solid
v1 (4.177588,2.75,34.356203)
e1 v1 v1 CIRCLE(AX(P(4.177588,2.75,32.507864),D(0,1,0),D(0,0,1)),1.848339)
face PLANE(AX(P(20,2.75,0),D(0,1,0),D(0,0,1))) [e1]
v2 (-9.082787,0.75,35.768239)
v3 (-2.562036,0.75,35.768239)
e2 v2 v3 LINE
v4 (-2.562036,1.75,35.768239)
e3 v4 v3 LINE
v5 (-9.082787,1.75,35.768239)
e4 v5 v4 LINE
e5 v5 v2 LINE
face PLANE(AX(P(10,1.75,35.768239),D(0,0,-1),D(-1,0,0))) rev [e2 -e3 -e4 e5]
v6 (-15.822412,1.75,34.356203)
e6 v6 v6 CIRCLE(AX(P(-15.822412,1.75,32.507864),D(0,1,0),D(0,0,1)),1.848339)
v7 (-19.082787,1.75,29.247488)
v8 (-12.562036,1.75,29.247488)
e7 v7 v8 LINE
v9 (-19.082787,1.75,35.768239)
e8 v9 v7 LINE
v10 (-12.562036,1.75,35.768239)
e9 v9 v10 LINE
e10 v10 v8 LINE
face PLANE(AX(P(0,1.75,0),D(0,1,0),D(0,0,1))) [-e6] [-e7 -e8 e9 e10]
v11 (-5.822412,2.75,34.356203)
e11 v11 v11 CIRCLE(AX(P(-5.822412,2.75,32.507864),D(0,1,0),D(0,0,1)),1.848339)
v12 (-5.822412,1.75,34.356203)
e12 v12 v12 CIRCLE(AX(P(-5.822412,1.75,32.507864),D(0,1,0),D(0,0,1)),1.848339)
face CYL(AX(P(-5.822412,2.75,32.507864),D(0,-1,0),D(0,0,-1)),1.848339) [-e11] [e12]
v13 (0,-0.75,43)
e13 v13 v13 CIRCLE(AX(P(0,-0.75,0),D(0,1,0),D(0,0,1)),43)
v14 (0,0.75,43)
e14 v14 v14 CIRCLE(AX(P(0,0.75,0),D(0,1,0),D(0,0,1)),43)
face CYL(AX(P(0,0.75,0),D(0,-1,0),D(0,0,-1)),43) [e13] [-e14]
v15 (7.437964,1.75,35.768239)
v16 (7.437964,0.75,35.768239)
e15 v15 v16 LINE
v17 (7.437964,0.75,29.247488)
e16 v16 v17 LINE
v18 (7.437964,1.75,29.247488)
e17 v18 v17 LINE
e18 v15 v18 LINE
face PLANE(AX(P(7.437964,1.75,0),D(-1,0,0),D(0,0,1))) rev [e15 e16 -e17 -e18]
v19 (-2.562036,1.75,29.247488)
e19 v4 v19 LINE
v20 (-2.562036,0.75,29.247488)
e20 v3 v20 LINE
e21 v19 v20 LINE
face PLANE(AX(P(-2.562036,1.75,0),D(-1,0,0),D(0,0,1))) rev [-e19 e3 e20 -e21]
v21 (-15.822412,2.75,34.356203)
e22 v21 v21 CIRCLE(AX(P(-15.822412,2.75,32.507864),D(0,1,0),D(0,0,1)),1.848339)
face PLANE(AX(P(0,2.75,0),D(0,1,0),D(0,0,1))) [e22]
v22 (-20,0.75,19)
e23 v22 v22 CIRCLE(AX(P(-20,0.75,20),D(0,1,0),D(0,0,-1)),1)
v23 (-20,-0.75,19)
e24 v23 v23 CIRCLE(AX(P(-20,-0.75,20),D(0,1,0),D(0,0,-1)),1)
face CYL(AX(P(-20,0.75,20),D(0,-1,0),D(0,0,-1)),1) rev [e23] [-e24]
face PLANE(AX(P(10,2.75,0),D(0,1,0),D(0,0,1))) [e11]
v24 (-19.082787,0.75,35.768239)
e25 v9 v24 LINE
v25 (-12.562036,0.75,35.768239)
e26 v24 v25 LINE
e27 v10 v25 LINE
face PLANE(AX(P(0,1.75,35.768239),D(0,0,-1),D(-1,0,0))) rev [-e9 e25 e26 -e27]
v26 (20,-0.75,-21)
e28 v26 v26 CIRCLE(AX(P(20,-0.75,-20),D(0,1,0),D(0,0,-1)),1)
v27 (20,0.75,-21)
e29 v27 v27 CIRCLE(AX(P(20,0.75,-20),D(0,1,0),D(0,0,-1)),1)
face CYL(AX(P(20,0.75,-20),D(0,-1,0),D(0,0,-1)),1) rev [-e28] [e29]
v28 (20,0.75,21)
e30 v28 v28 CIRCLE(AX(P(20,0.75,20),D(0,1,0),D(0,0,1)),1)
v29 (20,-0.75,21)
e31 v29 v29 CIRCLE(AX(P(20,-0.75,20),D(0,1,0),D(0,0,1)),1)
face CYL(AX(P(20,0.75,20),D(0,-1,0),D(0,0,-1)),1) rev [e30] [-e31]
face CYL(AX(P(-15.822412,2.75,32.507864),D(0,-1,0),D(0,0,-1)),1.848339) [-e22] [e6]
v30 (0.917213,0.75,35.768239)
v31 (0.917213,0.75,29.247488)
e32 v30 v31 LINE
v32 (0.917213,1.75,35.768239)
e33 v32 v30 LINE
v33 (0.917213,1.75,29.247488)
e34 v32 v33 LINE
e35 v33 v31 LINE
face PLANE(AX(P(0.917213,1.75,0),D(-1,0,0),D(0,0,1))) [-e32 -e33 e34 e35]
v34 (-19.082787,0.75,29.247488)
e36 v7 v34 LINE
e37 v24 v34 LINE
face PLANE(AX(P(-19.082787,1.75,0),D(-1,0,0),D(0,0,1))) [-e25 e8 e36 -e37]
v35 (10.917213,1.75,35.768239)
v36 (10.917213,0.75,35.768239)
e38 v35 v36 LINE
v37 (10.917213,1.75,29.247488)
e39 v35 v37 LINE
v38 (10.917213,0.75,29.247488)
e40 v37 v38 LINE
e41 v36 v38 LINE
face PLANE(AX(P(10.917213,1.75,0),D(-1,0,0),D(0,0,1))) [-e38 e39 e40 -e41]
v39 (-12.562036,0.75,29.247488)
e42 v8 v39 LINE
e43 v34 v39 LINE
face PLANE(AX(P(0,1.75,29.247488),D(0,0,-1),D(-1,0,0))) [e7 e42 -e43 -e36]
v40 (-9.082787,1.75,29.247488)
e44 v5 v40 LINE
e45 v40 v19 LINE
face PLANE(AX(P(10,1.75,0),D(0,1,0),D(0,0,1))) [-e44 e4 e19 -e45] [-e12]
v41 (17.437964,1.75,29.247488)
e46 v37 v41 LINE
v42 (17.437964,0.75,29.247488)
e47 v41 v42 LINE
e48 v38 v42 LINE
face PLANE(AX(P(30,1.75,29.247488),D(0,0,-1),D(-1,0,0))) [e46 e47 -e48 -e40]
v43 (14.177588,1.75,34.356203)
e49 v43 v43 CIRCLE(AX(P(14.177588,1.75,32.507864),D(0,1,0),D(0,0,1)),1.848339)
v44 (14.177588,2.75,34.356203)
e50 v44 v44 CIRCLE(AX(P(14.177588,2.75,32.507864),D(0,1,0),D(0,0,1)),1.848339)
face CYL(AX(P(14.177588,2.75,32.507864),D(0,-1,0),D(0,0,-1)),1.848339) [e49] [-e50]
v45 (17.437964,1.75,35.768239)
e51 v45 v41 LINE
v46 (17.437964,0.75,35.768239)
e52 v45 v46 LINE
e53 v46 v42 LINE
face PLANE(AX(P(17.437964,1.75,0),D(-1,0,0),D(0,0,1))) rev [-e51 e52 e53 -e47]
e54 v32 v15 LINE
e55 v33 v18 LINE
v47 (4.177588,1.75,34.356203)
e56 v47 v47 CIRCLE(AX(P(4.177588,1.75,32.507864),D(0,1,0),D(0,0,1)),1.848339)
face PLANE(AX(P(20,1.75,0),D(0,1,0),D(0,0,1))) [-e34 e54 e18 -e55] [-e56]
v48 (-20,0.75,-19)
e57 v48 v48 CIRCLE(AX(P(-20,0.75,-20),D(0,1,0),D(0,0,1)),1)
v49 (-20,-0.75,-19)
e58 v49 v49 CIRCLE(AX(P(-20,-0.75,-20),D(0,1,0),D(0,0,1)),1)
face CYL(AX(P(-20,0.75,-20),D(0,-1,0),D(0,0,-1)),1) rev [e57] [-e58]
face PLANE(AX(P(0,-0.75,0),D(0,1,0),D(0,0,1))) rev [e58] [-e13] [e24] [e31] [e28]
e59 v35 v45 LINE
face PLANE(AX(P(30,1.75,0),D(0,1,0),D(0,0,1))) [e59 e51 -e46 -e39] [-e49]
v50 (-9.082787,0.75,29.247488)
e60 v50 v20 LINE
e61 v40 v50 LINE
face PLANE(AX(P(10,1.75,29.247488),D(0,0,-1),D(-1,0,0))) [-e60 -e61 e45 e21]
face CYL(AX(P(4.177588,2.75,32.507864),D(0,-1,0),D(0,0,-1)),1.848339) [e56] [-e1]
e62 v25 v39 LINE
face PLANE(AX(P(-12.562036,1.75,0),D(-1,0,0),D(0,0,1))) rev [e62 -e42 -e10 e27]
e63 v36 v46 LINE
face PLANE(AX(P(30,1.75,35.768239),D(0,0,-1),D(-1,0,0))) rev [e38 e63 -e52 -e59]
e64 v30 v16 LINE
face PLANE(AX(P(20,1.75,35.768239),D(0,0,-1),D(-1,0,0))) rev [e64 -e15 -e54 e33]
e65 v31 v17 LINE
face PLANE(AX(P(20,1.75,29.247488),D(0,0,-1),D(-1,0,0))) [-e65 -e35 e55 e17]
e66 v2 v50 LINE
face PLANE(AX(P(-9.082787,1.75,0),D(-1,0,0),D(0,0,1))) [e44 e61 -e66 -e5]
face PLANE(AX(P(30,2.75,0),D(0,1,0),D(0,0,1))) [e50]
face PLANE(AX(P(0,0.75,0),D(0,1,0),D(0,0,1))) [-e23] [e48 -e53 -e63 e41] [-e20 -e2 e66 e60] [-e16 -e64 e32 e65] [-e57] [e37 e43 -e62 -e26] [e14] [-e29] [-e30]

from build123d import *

# Parameters (mm, degrees)
SKETCH_1_R             = 43
SKETCH_1_R_2           = 1
EXTRUDE_1_DEPTH        = 0.75
SKETCH_3_W             = 6.520751419
SKETCH_3_H             = 6.52075142
SKETCH_3_R             = 1.848339335
EXTRUDE_2_DEPTH        = 1
SKETCH_3_3_R           = 1.848339335
EXTRUDE_3_DEPTH        = 2
PATTERN_LINEAR_1_COUNT = 4
PATTERN_LINEAR_1_PITCH = 10


with BuildPart() as part:
    # 草图1 → 凸台-拉伸1 (new, symmetric)
    with BuildSketch(Plane(origin=(0, 0, 0), x_dir=(1, 0, 0), z_dir=(0, 1, 0))):
        Circle(SKETCH_1_R)
        with Locations((-20, 20)):
            Circle(SKETCH_1_R_2, mode=Mode.SUBTRACT)
        with Locations((-20, -20)):
            Circle(SKETCH_1_R_2, mode=Mode.SUBTRACT)
        with Locations((20, -20)):
            Circle(SKETCH_1_R_2, mode=Mode.SUBTRACT)
        with Locations((20, 20)):
            Circle(SKETCH_1_R_2, mode=Mode.SUBTRACT)
    extrude(amount=EXTRUDE_1_DEPTH, both=True)

    # 草图3 → 凸台-拉伸2 (add)
    with BuildSketch(Plane(origin=(0, 0.75, 0), x_dir=(1, 0, 0), z_dir=(0, 1, 0))):
        with Locations((-15.822411534, -32.507863696)):
            Rectangle(SKETCH_3_W, SKETCH_3_H)
        with Locations((-15.822411533, -32.507863696)):
            Circle(SKETCH_3_R, mode=Mode.SUBTRACT)
    extrude_2 = extrude(amount=EXTRUDE_2_DEPTH)

    # 草图3<3> → 凸台-拉伸3 (add)
    with BuildSketch(Plane(origin=(0, 0.75, 0), x_dir=(1, 0, 0), z_dir=(0, 1, 0))):
        with Locations((-15.822411533, -32.507863696)):
            Circle(SKETCH_3_3_R)
    extrude_3 = extrude(amount=EXTRUDE_3_DEPTH)

    # 阵列(线性)1: 凸台-拉伸2, 凸台-拉伸3 ×4
    with Locations(*[(i * PATTERN_LINEAR_1_PITCH, 0, 0) for i in range(1, PATTERN_LINEAR_1_COUNT)]):
        add(extrude_2)
        add(extrude_3)


solid = part.part
